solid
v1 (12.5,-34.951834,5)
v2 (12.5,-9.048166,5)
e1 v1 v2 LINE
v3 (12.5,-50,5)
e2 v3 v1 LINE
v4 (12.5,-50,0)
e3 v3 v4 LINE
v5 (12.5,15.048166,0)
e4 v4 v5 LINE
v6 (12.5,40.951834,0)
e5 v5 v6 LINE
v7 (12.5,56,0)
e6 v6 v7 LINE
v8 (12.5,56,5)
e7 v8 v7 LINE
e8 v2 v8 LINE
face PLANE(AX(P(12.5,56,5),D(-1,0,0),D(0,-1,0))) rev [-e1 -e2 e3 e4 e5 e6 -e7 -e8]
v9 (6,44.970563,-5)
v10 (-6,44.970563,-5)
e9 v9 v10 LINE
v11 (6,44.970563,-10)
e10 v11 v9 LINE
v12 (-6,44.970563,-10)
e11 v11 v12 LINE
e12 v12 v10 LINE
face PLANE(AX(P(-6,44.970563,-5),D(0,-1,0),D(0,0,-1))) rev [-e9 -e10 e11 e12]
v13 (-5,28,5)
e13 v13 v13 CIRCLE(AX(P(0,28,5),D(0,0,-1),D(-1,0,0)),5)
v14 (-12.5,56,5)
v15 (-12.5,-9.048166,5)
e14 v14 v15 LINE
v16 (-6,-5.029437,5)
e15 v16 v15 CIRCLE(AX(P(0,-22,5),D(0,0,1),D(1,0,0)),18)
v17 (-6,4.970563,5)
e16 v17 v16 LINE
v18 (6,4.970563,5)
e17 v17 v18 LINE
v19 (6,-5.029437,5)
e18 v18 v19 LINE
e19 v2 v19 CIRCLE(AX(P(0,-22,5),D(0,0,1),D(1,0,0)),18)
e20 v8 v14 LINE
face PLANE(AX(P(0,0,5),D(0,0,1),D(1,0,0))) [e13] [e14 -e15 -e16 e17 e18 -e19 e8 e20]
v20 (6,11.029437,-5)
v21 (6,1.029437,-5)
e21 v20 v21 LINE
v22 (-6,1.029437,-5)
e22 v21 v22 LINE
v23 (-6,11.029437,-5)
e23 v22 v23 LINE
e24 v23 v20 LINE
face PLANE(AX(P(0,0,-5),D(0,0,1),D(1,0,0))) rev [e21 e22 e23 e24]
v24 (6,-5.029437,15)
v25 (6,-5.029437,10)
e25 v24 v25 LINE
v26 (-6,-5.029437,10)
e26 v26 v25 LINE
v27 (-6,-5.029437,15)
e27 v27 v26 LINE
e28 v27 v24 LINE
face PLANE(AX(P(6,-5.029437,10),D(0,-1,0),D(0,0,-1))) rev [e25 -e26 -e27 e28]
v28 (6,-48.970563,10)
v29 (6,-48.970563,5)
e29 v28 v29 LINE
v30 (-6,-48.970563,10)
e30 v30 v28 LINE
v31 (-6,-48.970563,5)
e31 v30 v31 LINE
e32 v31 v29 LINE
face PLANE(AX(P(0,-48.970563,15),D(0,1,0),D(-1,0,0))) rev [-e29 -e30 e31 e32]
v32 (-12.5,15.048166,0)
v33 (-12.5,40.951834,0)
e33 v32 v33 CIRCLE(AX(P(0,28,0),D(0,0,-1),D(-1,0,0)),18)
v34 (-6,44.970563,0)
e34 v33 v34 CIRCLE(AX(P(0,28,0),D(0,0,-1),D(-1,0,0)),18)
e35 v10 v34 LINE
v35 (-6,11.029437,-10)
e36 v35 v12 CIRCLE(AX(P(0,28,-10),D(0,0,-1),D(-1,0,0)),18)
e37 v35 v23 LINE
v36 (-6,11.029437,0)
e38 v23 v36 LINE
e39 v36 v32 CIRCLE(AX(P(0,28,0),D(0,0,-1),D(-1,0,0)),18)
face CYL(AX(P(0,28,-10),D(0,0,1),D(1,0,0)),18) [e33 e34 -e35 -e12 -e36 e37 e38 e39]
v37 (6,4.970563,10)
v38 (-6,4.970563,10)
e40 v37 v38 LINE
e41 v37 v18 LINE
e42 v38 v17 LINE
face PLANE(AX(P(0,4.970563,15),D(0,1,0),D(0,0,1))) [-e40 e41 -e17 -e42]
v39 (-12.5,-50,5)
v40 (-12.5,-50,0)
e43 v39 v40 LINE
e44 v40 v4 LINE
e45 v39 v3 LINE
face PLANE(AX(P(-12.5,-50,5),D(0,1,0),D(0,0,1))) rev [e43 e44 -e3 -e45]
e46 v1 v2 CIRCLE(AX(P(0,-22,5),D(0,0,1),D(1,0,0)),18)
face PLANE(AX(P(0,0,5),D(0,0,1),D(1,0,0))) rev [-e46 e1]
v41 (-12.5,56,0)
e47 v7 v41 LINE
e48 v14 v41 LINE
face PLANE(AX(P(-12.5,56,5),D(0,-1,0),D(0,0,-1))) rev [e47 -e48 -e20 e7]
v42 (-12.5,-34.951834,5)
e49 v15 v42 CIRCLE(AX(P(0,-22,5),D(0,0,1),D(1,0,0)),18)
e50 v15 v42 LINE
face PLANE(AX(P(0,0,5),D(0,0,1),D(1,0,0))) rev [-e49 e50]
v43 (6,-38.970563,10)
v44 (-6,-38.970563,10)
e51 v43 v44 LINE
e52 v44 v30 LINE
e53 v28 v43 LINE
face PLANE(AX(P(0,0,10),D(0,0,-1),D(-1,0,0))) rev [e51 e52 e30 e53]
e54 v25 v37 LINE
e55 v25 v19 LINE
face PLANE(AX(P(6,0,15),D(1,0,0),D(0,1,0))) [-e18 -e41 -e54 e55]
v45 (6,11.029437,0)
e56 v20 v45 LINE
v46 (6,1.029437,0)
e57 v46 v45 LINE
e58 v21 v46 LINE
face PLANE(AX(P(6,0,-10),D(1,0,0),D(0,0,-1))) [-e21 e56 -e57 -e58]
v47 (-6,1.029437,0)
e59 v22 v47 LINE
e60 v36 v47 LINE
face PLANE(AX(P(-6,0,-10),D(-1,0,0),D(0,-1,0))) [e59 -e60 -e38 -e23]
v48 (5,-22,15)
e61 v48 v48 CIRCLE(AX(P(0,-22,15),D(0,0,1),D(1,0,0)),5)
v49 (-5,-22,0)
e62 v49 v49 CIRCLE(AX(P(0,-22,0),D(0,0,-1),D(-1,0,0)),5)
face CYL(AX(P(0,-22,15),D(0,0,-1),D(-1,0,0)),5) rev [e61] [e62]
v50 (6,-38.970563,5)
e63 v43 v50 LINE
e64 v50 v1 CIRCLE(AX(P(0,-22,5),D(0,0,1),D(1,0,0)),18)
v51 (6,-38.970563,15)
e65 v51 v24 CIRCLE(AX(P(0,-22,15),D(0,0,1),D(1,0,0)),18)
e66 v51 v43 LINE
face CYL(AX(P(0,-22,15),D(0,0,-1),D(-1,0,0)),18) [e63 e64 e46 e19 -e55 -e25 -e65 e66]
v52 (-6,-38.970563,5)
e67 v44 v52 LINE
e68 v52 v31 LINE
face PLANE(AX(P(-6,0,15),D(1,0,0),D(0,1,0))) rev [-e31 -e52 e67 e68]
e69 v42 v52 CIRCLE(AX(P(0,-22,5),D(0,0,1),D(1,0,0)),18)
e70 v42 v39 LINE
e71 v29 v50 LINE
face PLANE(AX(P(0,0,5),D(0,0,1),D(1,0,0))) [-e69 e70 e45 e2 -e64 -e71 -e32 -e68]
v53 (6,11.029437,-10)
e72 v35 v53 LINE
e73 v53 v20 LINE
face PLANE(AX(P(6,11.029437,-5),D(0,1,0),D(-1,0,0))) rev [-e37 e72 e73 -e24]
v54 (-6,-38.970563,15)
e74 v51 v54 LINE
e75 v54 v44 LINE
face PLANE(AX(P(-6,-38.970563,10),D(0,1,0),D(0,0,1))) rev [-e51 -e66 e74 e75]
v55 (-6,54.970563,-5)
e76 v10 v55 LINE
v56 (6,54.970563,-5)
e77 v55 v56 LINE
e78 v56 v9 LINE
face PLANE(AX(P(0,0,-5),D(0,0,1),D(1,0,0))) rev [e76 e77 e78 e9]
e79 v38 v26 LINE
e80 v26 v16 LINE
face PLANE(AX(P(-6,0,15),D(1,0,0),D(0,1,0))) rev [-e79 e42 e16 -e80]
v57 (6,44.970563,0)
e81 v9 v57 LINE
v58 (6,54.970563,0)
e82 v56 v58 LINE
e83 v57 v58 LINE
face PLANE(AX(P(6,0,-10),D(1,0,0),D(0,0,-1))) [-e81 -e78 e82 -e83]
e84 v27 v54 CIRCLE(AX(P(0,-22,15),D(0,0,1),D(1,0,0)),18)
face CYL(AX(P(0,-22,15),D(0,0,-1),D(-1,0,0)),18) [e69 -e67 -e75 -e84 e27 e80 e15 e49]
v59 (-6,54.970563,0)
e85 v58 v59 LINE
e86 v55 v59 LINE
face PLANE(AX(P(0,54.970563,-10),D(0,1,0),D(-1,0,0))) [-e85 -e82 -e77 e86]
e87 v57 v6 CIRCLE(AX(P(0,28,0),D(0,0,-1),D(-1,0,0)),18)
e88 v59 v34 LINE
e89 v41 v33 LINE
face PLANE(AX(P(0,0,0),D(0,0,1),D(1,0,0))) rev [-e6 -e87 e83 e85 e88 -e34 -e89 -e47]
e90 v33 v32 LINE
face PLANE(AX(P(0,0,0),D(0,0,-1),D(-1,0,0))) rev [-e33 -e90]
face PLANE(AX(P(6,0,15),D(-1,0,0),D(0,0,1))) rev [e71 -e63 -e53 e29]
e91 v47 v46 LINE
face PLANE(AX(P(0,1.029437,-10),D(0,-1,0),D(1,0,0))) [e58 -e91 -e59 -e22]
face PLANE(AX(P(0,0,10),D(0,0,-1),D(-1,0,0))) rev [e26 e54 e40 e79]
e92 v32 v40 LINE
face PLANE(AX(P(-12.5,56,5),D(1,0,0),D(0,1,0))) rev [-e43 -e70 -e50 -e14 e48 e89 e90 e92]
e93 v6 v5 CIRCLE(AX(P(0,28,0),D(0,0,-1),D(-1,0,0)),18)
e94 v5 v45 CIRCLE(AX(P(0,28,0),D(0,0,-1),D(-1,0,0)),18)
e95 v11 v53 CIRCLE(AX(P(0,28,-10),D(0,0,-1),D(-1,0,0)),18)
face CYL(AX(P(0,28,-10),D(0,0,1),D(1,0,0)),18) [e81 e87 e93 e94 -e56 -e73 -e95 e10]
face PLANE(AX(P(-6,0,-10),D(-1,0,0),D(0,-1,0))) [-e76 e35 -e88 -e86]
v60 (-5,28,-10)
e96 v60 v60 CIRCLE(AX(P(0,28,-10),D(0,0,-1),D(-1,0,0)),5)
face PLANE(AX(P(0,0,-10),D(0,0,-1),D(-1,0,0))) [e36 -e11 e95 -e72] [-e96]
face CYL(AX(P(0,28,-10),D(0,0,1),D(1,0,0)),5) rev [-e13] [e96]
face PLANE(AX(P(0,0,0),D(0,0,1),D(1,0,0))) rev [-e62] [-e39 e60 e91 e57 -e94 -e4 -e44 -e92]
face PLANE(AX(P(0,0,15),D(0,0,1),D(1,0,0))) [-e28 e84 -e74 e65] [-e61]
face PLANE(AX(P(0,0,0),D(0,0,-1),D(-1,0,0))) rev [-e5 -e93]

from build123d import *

# Parameters (mm, degrees)
SKETCH1_W           = 25
SKETCH1_H           = 106
BOSS_EXTRUDE1_DEPTH = 5
SKETCH2_R           = 5
BOSS_EXTRUDE3_DEPTH = 10
SKETCH4_R           = 5
BOSS_EXTRUDE4_DEPTH = 10
SKETCH5_R           = 5
CUT_EXTRUDE2_DEPTH  = 5
SKETCH6_W           = 12
SKETCH6_H           = 10
CUT_EXTRUDE3_DEPTH  = 5
SKETCH7_W           = 12
SKETCH7_H           = 10
CUT_EXTRUDE4_DEPTH  = 5


with BuildPart() as part:
    # Sketch1 → Boss-Extrude1 (new body)
    with BuildSketch(Plane.XY):
        with Locations((0, 3)):
            Rectangle(SKETCH1_W, SKETCH1_H)
    extrude(amount=BOSS_EXTRUDE1_DEPTH)

    # Sketch2 → Boss-Extrude3 (add)
    with BuildSketch(Plane.XY.offset(5)):
        with BuildLine():
            Line((6, 4.970562748), (-6, 4.970562748))
            Line((-6, 4.970562748), (-6, -5.029437252))
            ThreePointArc((-6, -5.029437252), (-18, -22), (-6, -38.970562748))
            Line((-6, -38.970562748), (-6, -48.970562748))
            Line((-6, -48.970562748), (6, -48.970562748))
            Line((6, -48.970562748), (6, -38.970562748))
            ThreePointArc((6, -38.970562748), (18, -22), (6, -5.029437252))
            Line((6, -5.029437252), (6, 4.970562748))
        make_face()
        with Locations((0, -22)):
            Circle(SKETCH2_R, mode=Mode.SUBTRACT)
    extrude(amount=BOSS_EXTRUDE3_DEPTH)

    # Sketch4 → Boss-Extrude4 (add)
    with BuildSketch(Plane(origin=(0, 0, 0), x_dir=(-1, 0, 0), z_dir=(0, 0, -1))):
        with BuildLine():
            Line((6, 54.970562748), (-6, 54.970562748))
            Line((-6, 54.970562748), (-6, 44.970562748))
            ThreePointArc((-6, 44.970562748), (-18, 28), (-6, 11.029437252))
            Line((-6, 11.029437252), (-6, 1.029437252))
            Line((-6, 1.029437252), (6, 1.029437252))
            Line((6, 1.029437252), (6, 11.029437252))
            ThreePointArc((6, 11.029437252), (18, 28), (6, 44.970562748))
            Line((6, 44.970562748), (6, 54.970562748))
        make_face()
        with Locations((0, 28)):
            Circle(SKETCH4_R, mode=Mode.SUBTRACT)
    extrude(amount=BOSS_EXTRUDE4_DEPTH)

    # Sketch5 → Cut-Extrude2 (cut)
    with BuildSketch(Plane(origin=(0, 0, 0), x_dir=(-1, 0, 0), z_dir=(0, 0, -1))):
        with Locations((0, 28)):
            Circle(SKETCH5_R)
        with Locations((0, -22)):
            Circle(SKETCH5_R)
    extrude(amount=-CUT_EXTRUDE2_DEPTH, mode=Mode.SUBTRACT)

    # Sketch6 → Cut-Extrude3 (cut)
    with BuildSketch(Plane(origin=(0, 0, -10), x_dir=(-1, 0, 0), z_dir=(0, 0, -1))):
        with Locations((0, 49.970562748)):
            Rectangle(SKETCH6_W, SKETCH6_H)
        with Locations((0, 6.029437252)):
            Rectangle(SKETCH6_W, SKETCH6_H)
    extrude(amount=-CUT_EXTRUDE3_DEPTH, mode=Mode.SUBTRACT)

    # Sketch7 → Cut-Extrude4 (cut)
    with BuildSketch(Plane.XY.offset(15)):
        with Locations((0, -0.029437252)):
            Rectangle(SKETCH7_W, SKETCH7_H)
        with Locations((0, -43.970562748)):
            Rectangle(SKETCH7_W, SKETCH7_H)
    extrude(amount=-CUT_EXTRUDE4_DEPTH, mode=Mode.SUBTRACT)


solid = part.part
